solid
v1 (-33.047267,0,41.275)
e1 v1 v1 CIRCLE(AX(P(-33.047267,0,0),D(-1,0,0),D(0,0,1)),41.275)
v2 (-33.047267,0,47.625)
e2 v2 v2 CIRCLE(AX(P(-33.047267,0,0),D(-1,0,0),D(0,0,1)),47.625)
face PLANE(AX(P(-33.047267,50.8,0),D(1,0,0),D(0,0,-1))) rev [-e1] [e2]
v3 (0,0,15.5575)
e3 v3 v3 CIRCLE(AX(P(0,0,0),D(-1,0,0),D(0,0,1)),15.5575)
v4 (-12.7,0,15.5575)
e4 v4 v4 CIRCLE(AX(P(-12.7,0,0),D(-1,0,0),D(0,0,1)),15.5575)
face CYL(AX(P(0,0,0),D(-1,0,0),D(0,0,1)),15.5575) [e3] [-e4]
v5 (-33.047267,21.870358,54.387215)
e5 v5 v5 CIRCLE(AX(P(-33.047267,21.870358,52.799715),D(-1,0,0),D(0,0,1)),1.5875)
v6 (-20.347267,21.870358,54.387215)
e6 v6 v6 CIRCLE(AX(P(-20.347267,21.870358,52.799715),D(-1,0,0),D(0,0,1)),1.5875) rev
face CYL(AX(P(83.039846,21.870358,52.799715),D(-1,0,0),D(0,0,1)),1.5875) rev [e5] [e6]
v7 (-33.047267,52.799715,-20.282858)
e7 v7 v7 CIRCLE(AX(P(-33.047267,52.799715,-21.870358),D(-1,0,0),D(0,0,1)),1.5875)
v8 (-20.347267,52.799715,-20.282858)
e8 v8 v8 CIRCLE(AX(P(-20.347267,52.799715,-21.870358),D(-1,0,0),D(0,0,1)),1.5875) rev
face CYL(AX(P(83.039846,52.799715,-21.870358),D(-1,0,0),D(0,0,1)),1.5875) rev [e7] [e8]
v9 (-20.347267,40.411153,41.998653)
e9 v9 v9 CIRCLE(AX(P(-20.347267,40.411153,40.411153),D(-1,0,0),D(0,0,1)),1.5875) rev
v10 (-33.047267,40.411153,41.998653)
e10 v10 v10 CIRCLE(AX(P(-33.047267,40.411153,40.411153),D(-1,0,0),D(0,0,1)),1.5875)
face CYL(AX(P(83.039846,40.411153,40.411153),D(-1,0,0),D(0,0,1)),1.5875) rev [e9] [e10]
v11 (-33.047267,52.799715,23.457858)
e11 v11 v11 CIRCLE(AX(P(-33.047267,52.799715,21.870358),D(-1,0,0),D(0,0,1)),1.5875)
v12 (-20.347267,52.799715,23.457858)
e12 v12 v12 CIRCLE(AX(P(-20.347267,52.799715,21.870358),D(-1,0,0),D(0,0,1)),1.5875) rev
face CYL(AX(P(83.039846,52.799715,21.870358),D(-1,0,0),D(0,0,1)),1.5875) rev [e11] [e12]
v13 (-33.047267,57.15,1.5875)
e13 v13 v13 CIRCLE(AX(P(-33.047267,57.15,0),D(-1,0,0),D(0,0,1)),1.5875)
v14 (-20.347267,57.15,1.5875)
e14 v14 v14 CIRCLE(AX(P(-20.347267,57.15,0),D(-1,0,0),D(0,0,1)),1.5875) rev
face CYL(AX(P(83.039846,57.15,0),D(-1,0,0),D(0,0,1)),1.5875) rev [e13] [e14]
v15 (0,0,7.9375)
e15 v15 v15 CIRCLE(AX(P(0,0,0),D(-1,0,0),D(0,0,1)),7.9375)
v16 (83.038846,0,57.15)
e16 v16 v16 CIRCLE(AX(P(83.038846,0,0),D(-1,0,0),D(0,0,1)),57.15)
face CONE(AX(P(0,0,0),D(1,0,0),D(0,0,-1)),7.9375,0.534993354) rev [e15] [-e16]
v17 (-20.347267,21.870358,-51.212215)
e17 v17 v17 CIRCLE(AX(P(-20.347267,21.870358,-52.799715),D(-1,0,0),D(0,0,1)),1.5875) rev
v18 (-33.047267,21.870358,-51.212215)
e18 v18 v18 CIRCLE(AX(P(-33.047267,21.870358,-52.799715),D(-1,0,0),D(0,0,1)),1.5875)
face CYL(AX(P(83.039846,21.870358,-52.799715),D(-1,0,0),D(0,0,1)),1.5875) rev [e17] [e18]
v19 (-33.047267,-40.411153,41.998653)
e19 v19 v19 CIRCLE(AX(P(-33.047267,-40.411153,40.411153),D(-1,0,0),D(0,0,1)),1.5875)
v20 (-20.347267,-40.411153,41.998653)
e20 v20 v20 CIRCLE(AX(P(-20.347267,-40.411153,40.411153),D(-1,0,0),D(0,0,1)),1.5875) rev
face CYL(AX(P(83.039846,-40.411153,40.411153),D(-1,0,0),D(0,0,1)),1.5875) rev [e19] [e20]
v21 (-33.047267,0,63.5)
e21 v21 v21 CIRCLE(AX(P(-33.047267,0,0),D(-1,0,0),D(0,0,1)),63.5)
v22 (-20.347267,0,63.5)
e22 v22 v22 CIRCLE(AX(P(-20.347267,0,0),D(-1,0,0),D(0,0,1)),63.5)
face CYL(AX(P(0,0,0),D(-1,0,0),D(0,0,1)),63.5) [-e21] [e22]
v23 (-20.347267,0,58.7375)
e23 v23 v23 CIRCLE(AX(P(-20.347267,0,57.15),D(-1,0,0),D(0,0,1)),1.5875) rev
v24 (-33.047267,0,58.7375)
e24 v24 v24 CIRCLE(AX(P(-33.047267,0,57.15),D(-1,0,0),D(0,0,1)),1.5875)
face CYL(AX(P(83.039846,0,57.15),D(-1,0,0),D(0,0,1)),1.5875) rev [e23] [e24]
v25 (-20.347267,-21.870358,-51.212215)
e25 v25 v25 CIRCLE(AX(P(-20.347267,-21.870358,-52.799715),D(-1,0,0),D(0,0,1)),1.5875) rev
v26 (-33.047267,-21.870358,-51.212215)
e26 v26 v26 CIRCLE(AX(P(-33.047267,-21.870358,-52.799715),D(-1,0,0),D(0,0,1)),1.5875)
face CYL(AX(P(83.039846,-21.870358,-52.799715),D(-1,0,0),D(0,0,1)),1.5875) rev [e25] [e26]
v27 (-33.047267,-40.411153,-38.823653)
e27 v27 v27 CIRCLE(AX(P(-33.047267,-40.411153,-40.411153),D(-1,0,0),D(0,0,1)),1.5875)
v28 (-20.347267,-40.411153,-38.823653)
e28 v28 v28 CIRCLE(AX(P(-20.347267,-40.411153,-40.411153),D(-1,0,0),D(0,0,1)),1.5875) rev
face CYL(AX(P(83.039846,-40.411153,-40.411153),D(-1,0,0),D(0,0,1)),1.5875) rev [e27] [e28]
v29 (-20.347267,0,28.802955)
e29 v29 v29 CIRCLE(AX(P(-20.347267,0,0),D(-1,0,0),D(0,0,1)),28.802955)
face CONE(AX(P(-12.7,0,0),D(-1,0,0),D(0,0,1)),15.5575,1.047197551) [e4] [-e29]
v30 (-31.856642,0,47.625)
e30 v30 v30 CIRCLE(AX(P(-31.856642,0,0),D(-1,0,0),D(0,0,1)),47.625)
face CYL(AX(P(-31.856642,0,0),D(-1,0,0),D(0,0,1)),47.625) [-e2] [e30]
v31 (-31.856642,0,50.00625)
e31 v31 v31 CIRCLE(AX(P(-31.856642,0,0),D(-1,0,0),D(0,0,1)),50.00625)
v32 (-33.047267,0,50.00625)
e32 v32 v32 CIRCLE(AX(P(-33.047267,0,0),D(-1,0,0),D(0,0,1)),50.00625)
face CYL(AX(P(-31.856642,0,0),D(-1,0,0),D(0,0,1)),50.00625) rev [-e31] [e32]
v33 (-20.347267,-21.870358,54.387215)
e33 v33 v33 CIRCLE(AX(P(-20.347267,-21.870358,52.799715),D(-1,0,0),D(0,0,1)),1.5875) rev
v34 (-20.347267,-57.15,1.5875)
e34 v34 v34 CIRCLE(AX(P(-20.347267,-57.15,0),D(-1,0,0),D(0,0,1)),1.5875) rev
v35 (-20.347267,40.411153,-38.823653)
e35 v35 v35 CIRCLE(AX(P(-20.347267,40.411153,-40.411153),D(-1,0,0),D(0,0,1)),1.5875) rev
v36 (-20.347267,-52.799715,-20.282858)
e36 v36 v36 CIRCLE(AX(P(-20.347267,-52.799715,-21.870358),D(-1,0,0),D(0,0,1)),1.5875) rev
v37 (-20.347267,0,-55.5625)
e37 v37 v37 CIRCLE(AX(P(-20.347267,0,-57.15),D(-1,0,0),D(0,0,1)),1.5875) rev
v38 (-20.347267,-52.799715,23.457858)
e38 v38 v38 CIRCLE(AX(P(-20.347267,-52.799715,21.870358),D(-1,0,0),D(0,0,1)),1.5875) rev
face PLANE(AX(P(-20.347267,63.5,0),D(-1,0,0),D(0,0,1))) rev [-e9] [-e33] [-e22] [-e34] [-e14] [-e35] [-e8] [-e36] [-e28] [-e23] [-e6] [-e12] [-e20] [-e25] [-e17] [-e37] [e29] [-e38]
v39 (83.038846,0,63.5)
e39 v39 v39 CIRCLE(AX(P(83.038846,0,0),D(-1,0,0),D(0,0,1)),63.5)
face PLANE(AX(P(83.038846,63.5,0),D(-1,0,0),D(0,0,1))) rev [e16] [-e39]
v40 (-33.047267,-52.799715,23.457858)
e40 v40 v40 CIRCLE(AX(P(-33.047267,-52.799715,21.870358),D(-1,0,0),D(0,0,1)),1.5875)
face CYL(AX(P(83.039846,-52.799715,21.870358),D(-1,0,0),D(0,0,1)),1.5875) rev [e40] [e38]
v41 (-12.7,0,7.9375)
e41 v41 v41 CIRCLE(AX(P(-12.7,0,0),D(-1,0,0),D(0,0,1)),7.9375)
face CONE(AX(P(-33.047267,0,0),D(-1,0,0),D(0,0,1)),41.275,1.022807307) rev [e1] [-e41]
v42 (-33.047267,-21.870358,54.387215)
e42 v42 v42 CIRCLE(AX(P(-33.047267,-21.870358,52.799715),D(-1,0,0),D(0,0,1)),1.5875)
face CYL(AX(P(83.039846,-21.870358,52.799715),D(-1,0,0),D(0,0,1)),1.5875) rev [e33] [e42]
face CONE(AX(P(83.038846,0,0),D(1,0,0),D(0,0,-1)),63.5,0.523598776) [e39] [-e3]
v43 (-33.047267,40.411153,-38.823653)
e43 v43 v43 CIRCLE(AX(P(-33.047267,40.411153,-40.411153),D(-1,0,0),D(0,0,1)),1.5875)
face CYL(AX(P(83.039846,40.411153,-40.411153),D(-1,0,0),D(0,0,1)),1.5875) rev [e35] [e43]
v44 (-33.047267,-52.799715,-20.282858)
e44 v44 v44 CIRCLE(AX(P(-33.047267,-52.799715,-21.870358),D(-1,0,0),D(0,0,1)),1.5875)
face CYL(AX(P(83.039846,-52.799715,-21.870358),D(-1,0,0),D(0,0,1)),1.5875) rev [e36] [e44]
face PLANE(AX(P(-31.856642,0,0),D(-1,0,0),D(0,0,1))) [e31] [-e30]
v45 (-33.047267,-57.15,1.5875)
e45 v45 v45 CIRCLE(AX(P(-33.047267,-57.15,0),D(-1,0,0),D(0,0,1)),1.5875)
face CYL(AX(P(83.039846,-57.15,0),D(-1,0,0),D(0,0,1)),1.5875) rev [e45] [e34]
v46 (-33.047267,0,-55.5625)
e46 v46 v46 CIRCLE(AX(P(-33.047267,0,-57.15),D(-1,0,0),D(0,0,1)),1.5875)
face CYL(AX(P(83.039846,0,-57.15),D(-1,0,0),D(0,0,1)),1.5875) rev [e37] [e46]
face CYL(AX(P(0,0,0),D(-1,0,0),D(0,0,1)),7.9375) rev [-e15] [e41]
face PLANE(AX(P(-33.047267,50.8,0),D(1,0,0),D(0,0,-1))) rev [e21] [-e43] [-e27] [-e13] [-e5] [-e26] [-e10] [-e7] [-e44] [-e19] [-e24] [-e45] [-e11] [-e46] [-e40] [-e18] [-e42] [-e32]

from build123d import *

# Parameters (mm, degrees)
SKETCH2_R          = 50.00625
SKETCH2_R_2        = 47.625
CUT_EXTRUDE1_DEPTH = 1.190625
CUT_EXTRUDE2_REACH = 118.086
SKETCH3_R          = 1.5875


with BuildPart() as part:
    # Sketch1 → Revolve1 (revolve)
    with BuildSketch(Plane.XY):
        Polygon((0, 15.5575), (83.038845842, 63.5), (83.038845842, 57.15), (0, 7.9375), (-12.7, 7.9375), (-33.047266862, 41.275), (-33.047266862, 50.8), (-33.047266862, 63.5), (-20.347266862, 63.5), (-20.347266862, 28.802954744), (-12.7, 15.5575), align=None)
    revolve(axis=Axis((0, 0, 0), (1, 0, 0)))

    # Sketch2 → Cut-Extrude1 (cut)
    with BuildSketch(Plane.ZY.offset(33.047266862)):
        Circle(SKETCH2_R)
        Circle(SKETCH2_R_2, mode=Mode.SUBTRACT)
    extrude(amount=-CUT_EXTRUDE1_DEPTH, mode=Mode.SUBTRACT)

    # Sketch3 → Cut-Extrude2 (cut, up to next)
    with BuildSketch(Plane.ZY.offset(33.047266862), mode=Mode.PRIVATE) as cut_extrude2_sk1:
        with Locations((0, 57.15)):
            Circle(SKETCH3_R)
    cut_extrude2_tool1 = extrude(cut_extrude2_sk1.sketch, amount=-CUT_EXTRUDE2_REACH, mode=Mode.PRIVATE) & part.part
    add(cut_extrude2_tool1.solids().sort_by_distance((-33.047267, 57.15, 0))[0], mode=Mode.SUBTRACT)
    # Sketch3 → Cut-Extrude2 (cut, up to next)
    with BuildSketch(Plane.ZY.offset(33.047266862), mode=Mode.PRIVATE) as cut_extrude2_sk2:
        with Locations((21.87035816, 52.799715283)):
            Circle(SKETCH3_R)
    cut_extrude2_tool2 = extrude(cut_extrude2_sk2.sketch, amount=-CUT_EXTRUDE2_REACH, mode=Mode.PRIVATE) & part.part
    add(cut_extrude2_tool2.solids().sort_by_distance((-33.047267, 52.799715, 21.870358))[0], mode=Mode.SUBTRACT)
    # Sketch3 → Cut-Extrude2 (cut, up to next)
    with BuildSketch(Plane.ZY.offset(33.047266862), mode=Mode.PRIVATE) as cut_extrude2_sk3:
        with Locations((40.411152545, 40.411152545)):
            Circle(SKETCH3_R)
    cut_extrude2_tool3 = extrude(cut_extrude2_sk3.sketch, amount=-CUT_EXTRUDE2_REACH, mode=Mode.PRIVATE) & part.part
    add(cut_extrude2_tool3.solids().sort_by_distance((-33.047267, 40.411153, 40.411153))[0], mode=Mode.SUBTRACT)
    # Sketch3 → Cut-Extrude2 (cut, up to next)
    with BuildSketch(Plane.ZY.offset(33.047266862), mode=Mode.PRIVATE) as cut_extrude2_sk4:
        with Locations((52.799715283, 21.87035816)):
            Circle(SKETCH3_R)
    cut_extrude2_tool4 = extrude(cut_extrude2_sk4.sketch, amount=-CUT_EXTRUDE2_REACH, mode=Mode.PRIVATE) & part.part
    add(cut_extrude2_tool4.solids().sort_by_distance((-33.047267, 21.870358, 52.799715))[0], mode=Mode.SUBTRACT)
    # Sketch3 → Cut-Extrude2 (cut, up to next)
    with BuildSketch(Plane.ZY.offset(33.047266862), mode=Mode.PRIVATE) as cut_extrude2_sk5:
        with Locations((57.15, 0)):
            Circle(SKETCH3_R)
    cut_extrude2_tool5 = extrude(cut_extrude2_sk5.sketch, amount=-CUT_EXTRUDE2_REACH, mode=Mode.PRIVATE) & part.part
    add(cut_extrude2_tool5.solids().sort_by_distance((-33.047267, 0, 57.15))[0], mode=Mode.SUBTRACT)
    # Sketch3 → Cut-Extrude2 (cut, up to next)
    with BuildSketch(Plane.ZY.offset(33.047266862), mode=Mode.PRIVATE) as cut_extrude2_sk6:
        with Locations((52.799715283, -21.87035816)):
            Circle(SKETCH3_R)
    cut_extrude2_tool6 = extrude(cut_extrude2_sk6.sketch, amount=-CUT_EXTRUDE2_REACH, mode=Mode.PRIVATE) & part.part
    add(cut_extrude2_tool6.solids().sort_by_distance((-33.047267, -21.870358, 52.799715))[0], mode=Mode.SUBTRACT)
    # Sketch3 → Cut-Extrude2 (cut, up to next)
    with BuildSketch(Plane.ZY.offset(33.047266862), mode=Mode.PRIVATE) as cut_extrude2_sk7:
        with Locations((40.411152545, -40.411152545)):
            Circle(SKETCH3_R)
    cut_extrude2_tool7 = extrude(cut_extrude2_sk7.sketch, amount=-CUT_EXTRUDE2_REACH, mode=Mode.PRIVATE) & part.part
    add(cut_extrude2_tool7.solids().sort_by_distance((-33.047267, -40.411153, 40.411153))[0], mode=Mode.SUBTRACT)
    # Sketch3 → Cut-Extrude2 (cut, up to next)
    with BuildSketch(Plane.ZY.offset(33.047266862), mode=Mode.PRIVATE) as cut_extrude2_sk8:
        with Locations((21.87035816, -52.799715283)):
            Circle(SKETCH3_R)
    cut_extrude2_tool8 = extrude(cut_extrude2_sk8.sketch, amount=-CUT_EXTRUDE2_REACH, mode=Mode.PRIVATE) & part.part
    add(cut_extrude2_tool8.solids().sort_by_distance((-33.047267, -52.799715, 21.870358))[0], mode=Mode.SUBTRACT)
    # Sketch3 → Cut-Extrude2 (cut, up to next)
    with BuildSketch(Plane.ZY.offset(33.047266862), mode=Mode.PRIVATE) as cut_extrude2_sk9:
        with Locations((0, -57.15)):
            Circle(SKETCH3_R)
    cut_extrude2_tool9 = extrude(cut_extrude2_sk9.sketch, amount=-CUT_EXTRUDE2_REACH, mode=Mode.PRIVATE) & part.part
    add(cut_extrude2_tool9.solids().sort_by_distance((-33.047267, -57.15, 0))[0], mode=Mode.SUBTRACT)
    # Sketch3 → Cut-Extrude2 (cut, up to next)
    with BuildSketch(Plane.ZY.offset(33.047266862), mode=Mode.PRIVATE) as cut_extrude2_sk10:
        with Locations((-21.87035816, -52.799715283)):
            Circle(SKETCH3_R)
    cut_extrude2_tool10 = extrude(cut_extrude2_sk10.sketch, amount=-CUT_EXTRUDE2_REACH, mode=Mode.PRIVATE) & part.part
    add(cut_extrude2_tool10.solids().sort_by_distance((-33.047267, -52.799715, -21.870358))[0], mode=Mode.SUBTRACT)
    # Sketch3 → Cut-Extrude2 (cut, up to next)
    with BuildSketch(Plane.ZY.offset(33.047266862), mode=Mode.PRIVATE) as cut_extrude2_sk11:
        with Locations((-40.411152545, -40.411152545)):
            Circle(SKETCH3_R)
    cut_extrude2_tool11 = extrude(cut_extrude2_sk11.sketch, amount=-CUT_EXTRUDE2_REACH, mode=Mode.PRIVATE) & part.part
    add(cut_extrude2_tool11.solids().sort_by_distance((-33.047267, -40.411153, -40.411153))[0], mode=Mode.SUBTRACT)
    # Sketch3 → Cut-Extrude2 (cut, up to next)
    with BuildSketch(Plane.ZY.offset(33.047266862), mode=Mode.PRIVATE) as cut_extrude2_sk12:
        with Locations((-52.799715283, -21.87035816)):
            Circle(SKETCH3_R)
    cut_extrude2_tool12 = extrude(cut_extrude2_sk12.sketch, amount=-CUT_EXTRUDE2_REACH, mode=Mode.PRIVATE) & part.part
    add(cut_extrude2_tool12.solids().sort_by_distance((-33.047267, -21.870358, -52.799715))[0], mode=Mode.SUBTRACT)
    # Sketch3 → Cut-Extrude2 (cut, up to next)
    with BuildSketch(Plane.ZY.offset(33.047266862), mode=Mode.PRIVATE) as cut_extrude2_sk13:
        with Locations((-57.15, 0)):
            Circle(SKETCH3_R)
    cut_extrude2_tool13 = extrude(cut_extrude2_sk13.sketch, amount=-CUT_EXTRUDE2_REACH, mode=Mode.PRIVATE) & part.part
    add(cut_extrude2_tool13.solids().sort_by_distance((-33.047267, 0, -57.15))[0], mode=Mode.SUBTRACT)
    # Sketch3 → Cut-Extrude2 (cut, up to next)
    with BuildSketch(Plane.ZY.offset(33.047266862), mode=Mode.PRIVATE) as cut_extrude2_sk14:
        with Locations((-52.799715283, 21.87035816)):
            Circle(SKETCH3_R)
    cut_extrude2_tool14 = extrude(cut_extrude2_sk14.sketch, amount=-CUT_EXTRUDE2_REACH, mode=Mode.PRIVATE) & part.part
    add(cut_extrude2_tool14.solids().sort_by_distance((-33.047267, 21.870358, -52.799715))[0], mode=Mode.SUBTRACT)
    # Sketch3 → Cut-Extrude2 (cut, up to next)
    with BuildSketch(Plane.ZY.offset(33.047266862), mode=Mode.PRIVATE) as cut_extrude2_sk15:
        with Locations((-40.411152545, 40.411152545)):
            Circle(SKETCH3_R)
    cut_extrude2_tool15 = extrude(cut_extrude2_sk15.sketch, amount=-CUT_EXTRUDE2_REACH, mode=Mode.PRIVATE) & part.part
    add(cut_extrude2_tool15.solids().sort_by_distance((-33.047267, 40.411153, -40.411153))[0], mode=Mode.SUBTRACT)
    # Sketch3 → Cut-Extrude2 (cut, up to next)
    with BuildSketch(Plane.ZY.offset(33.047266862), mode=Mode.PRIVATE) as cut_extrude2_sk16:
        with Locations((-21.87035816, 52.799715283)):
            Circle(SKETCH3_R)
    cut_extrude2_tool16 = extrude(cut_extrude2_sk16.sketch, amount=-CUT_EXTRUDE2_REACH, mode=Mode.PRIVATE) & part.part
    add(cut_extrude2_tool16.solids().sort_by_distance((-33.047267, 52.799715, -21.870358))[0], mode=Mode.SUBTRACT)


solid = part.part
